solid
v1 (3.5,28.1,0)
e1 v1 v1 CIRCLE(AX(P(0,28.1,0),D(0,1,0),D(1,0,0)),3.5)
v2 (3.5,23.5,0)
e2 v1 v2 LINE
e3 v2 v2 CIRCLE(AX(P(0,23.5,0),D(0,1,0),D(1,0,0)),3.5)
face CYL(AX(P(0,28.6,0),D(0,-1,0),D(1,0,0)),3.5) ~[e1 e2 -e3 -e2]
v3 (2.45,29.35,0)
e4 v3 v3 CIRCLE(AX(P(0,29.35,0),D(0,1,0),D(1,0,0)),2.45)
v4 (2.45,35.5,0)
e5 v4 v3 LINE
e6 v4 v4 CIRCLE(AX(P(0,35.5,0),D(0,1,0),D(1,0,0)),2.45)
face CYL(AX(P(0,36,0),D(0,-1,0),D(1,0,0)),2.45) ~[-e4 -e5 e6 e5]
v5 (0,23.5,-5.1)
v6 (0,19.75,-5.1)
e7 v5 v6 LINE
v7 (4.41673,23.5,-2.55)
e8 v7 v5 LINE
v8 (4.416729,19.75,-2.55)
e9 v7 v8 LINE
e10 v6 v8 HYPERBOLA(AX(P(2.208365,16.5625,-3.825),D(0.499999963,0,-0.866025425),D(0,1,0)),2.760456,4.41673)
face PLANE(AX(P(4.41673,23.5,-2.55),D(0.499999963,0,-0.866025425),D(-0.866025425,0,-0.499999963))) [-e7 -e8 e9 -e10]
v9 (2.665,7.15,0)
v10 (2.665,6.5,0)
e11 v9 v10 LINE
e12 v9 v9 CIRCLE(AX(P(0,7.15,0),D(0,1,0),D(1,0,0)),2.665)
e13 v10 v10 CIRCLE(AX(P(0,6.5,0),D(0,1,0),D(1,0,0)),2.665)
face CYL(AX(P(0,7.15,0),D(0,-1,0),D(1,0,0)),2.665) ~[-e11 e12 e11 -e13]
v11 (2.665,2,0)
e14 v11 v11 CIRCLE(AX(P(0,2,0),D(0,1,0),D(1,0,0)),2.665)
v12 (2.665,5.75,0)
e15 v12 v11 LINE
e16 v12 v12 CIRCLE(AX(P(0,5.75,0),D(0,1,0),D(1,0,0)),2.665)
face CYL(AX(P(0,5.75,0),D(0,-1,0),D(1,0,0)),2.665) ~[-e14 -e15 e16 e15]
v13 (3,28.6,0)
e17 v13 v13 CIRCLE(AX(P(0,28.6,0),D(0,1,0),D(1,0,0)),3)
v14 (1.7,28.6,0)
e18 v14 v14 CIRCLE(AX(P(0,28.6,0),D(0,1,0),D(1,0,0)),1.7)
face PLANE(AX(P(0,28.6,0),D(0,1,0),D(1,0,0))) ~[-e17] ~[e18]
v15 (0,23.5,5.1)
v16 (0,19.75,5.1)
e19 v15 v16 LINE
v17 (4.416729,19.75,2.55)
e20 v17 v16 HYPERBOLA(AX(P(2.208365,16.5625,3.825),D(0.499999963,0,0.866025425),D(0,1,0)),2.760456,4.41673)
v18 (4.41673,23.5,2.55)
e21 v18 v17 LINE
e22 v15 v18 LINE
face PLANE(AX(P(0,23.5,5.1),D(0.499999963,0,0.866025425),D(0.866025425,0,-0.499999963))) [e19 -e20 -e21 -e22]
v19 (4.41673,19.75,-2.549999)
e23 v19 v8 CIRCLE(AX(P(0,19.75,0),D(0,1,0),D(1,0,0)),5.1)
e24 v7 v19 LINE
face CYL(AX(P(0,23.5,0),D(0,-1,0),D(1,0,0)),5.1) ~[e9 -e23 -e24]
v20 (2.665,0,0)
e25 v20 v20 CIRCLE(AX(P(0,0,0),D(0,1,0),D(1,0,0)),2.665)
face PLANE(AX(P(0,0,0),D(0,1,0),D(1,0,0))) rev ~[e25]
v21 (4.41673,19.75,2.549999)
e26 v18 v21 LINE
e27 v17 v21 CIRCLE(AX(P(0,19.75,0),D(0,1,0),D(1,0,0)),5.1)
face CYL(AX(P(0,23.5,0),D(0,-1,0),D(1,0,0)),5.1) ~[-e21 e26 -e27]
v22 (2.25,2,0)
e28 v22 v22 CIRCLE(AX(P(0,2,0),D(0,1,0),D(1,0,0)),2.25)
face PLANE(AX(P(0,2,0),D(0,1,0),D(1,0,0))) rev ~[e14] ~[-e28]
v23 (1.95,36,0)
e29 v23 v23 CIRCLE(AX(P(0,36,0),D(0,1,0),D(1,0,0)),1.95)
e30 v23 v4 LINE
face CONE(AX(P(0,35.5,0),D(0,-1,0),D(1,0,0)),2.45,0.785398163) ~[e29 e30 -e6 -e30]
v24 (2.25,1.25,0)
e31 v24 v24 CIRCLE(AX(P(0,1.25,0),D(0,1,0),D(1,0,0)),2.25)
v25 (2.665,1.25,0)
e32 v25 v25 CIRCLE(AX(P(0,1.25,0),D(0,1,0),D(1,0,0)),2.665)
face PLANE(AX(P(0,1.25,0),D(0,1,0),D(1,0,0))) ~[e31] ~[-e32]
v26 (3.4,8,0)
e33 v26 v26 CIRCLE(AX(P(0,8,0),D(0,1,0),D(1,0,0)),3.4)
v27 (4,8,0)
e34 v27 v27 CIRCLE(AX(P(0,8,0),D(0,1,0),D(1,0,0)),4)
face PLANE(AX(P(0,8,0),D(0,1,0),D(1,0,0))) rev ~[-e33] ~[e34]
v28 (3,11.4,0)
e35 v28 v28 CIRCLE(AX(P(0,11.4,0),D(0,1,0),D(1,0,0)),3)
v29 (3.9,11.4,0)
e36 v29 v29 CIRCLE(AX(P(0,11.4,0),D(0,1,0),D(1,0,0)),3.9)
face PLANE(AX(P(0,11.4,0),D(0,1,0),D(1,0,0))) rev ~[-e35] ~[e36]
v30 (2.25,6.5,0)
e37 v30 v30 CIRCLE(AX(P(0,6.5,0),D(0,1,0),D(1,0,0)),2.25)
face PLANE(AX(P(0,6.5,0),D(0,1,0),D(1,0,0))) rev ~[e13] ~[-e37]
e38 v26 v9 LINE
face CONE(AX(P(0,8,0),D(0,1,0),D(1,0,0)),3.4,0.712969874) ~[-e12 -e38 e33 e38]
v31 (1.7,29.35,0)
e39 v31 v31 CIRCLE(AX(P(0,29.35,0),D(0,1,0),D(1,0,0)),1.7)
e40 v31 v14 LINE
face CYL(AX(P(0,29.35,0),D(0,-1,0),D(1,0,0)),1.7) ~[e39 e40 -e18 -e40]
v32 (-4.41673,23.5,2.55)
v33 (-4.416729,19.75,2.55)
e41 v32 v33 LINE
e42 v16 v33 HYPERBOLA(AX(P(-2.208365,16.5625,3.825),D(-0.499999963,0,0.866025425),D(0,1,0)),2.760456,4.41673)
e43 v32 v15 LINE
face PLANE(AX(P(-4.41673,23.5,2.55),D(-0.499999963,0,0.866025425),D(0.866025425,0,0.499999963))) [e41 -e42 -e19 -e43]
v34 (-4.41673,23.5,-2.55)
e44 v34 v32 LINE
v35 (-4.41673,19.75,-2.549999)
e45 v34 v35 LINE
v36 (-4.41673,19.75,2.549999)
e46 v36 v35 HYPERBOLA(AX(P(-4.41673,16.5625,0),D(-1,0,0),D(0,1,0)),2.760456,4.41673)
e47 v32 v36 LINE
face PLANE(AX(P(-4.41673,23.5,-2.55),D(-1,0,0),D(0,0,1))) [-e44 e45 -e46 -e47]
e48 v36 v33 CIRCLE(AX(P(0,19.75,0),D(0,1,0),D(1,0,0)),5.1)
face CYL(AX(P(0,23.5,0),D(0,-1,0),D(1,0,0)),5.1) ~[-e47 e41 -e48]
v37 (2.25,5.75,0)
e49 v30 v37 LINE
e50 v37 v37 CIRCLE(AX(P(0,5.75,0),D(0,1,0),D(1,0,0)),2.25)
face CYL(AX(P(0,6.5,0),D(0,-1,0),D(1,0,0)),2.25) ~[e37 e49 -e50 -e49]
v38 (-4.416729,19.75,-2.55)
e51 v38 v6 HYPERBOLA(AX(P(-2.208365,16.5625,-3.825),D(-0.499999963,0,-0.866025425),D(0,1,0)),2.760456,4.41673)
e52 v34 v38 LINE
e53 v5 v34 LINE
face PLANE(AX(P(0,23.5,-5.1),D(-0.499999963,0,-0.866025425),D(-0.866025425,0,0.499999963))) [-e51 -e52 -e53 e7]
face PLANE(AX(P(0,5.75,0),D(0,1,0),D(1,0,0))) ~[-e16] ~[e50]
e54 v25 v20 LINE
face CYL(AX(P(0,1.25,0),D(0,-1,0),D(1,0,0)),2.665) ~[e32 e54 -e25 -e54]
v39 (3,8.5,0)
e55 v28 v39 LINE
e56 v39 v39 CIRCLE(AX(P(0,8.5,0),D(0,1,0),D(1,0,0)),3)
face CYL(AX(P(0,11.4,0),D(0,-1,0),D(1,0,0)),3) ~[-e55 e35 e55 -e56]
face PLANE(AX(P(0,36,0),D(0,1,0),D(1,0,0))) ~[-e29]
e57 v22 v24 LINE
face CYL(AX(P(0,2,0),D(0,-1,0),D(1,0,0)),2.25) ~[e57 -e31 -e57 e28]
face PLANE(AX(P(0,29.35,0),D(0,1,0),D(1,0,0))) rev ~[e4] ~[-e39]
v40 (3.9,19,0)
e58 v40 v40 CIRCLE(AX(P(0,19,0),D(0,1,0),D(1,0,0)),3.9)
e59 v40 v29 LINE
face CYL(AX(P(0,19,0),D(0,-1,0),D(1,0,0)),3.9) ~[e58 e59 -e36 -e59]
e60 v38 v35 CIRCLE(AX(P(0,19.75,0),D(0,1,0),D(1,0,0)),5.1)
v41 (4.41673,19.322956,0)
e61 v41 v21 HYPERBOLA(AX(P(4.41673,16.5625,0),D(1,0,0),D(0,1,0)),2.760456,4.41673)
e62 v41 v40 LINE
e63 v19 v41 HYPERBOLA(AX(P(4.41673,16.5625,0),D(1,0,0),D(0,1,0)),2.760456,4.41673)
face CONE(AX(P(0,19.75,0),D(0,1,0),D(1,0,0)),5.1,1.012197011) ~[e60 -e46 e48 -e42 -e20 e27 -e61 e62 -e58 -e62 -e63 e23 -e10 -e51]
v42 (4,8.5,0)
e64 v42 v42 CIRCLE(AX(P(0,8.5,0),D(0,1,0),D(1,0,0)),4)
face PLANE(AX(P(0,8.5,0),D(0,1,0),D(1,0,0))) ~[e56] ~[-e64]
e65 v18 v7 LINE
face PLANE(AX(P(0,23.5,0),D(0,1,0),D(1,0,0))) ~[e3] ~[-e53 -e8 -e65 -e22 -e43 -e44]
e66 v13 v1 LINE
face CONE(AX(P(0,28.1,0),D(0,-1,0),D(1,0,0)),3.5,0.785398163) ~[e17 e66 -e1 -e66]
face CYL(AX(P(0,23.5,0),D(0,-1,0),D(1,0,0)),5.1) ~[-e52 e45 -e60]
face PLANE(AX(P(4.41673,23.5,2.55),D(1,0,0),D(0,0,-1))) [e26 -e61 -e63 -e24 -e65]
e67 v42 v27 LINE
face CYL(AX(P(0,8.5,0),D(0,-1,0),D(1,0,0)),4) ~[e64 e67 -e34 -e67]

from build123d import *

# Parameters (mm, degrees)
SKETCH001_R  = 6
POCKET_DEPTH = 5
CHAMFER_SIZE = 0.5


with BuildPart() as part:
    # Sketch → Revolution (revolve)
    with BuildSketch(Plane.XY):
        Polygon((0, 0), (0, 36), (2.45, 36), (2.45, 29.35), (1.7, 29.35), (1.7, 28.6), (3.5, 28.6), (3.5, 23.5), (5.1, 23.5), (5.1, 19.75), (3.9, 19), (3.9, 11.4), (3, 11.4), (3, 8.5), (4, 8.5), (4, 8), (3.4, 8), (2.665, 7.15), (2.665, 6.5), (2.25, 6.5), (2.25, 5.75), (2.665, 5.75), (2.665, 2), (2.25, 2), (2.25, 1.25), (2.665, 1.25), (2.665, 0), align=None)
    revolve(axis=Axis((0, 0, 0), (0, 1, 0)))

    # Sketch001 (on DatumPlane) → Pocket (cut)
    with BuildSketch(Plane(origin=(0, 23.5, 0), x_dir=(-1, 0, 0), z_dir=(0, 1, 0))):
        Circle(SKETCH001_R)
        Polygon((4.41673, 2.55), (0, 5.1), (-4.41673, 2.55), (-4.41673, -2.55), (0, -5.1), (4.41673, -2.55), align=None, mode=Mode.SUBTRACT)
    extrude(amount=-POCKET_DEPTH, mode=Mode.SUBTRACT)

    # Chamfer
    chamfer_edges = [part.edges().sort_by_distance(p)[0] for p in [
        (4.158365, 19.161478, 0),
        (2.25, 1.625, 0),
        (-3.5, 28.6, 0),
        (-2.45, 36, 0),
    ]]
    chamfer(chamfer_edges, length=CHAMFER_SIZE)


solid = part.part
